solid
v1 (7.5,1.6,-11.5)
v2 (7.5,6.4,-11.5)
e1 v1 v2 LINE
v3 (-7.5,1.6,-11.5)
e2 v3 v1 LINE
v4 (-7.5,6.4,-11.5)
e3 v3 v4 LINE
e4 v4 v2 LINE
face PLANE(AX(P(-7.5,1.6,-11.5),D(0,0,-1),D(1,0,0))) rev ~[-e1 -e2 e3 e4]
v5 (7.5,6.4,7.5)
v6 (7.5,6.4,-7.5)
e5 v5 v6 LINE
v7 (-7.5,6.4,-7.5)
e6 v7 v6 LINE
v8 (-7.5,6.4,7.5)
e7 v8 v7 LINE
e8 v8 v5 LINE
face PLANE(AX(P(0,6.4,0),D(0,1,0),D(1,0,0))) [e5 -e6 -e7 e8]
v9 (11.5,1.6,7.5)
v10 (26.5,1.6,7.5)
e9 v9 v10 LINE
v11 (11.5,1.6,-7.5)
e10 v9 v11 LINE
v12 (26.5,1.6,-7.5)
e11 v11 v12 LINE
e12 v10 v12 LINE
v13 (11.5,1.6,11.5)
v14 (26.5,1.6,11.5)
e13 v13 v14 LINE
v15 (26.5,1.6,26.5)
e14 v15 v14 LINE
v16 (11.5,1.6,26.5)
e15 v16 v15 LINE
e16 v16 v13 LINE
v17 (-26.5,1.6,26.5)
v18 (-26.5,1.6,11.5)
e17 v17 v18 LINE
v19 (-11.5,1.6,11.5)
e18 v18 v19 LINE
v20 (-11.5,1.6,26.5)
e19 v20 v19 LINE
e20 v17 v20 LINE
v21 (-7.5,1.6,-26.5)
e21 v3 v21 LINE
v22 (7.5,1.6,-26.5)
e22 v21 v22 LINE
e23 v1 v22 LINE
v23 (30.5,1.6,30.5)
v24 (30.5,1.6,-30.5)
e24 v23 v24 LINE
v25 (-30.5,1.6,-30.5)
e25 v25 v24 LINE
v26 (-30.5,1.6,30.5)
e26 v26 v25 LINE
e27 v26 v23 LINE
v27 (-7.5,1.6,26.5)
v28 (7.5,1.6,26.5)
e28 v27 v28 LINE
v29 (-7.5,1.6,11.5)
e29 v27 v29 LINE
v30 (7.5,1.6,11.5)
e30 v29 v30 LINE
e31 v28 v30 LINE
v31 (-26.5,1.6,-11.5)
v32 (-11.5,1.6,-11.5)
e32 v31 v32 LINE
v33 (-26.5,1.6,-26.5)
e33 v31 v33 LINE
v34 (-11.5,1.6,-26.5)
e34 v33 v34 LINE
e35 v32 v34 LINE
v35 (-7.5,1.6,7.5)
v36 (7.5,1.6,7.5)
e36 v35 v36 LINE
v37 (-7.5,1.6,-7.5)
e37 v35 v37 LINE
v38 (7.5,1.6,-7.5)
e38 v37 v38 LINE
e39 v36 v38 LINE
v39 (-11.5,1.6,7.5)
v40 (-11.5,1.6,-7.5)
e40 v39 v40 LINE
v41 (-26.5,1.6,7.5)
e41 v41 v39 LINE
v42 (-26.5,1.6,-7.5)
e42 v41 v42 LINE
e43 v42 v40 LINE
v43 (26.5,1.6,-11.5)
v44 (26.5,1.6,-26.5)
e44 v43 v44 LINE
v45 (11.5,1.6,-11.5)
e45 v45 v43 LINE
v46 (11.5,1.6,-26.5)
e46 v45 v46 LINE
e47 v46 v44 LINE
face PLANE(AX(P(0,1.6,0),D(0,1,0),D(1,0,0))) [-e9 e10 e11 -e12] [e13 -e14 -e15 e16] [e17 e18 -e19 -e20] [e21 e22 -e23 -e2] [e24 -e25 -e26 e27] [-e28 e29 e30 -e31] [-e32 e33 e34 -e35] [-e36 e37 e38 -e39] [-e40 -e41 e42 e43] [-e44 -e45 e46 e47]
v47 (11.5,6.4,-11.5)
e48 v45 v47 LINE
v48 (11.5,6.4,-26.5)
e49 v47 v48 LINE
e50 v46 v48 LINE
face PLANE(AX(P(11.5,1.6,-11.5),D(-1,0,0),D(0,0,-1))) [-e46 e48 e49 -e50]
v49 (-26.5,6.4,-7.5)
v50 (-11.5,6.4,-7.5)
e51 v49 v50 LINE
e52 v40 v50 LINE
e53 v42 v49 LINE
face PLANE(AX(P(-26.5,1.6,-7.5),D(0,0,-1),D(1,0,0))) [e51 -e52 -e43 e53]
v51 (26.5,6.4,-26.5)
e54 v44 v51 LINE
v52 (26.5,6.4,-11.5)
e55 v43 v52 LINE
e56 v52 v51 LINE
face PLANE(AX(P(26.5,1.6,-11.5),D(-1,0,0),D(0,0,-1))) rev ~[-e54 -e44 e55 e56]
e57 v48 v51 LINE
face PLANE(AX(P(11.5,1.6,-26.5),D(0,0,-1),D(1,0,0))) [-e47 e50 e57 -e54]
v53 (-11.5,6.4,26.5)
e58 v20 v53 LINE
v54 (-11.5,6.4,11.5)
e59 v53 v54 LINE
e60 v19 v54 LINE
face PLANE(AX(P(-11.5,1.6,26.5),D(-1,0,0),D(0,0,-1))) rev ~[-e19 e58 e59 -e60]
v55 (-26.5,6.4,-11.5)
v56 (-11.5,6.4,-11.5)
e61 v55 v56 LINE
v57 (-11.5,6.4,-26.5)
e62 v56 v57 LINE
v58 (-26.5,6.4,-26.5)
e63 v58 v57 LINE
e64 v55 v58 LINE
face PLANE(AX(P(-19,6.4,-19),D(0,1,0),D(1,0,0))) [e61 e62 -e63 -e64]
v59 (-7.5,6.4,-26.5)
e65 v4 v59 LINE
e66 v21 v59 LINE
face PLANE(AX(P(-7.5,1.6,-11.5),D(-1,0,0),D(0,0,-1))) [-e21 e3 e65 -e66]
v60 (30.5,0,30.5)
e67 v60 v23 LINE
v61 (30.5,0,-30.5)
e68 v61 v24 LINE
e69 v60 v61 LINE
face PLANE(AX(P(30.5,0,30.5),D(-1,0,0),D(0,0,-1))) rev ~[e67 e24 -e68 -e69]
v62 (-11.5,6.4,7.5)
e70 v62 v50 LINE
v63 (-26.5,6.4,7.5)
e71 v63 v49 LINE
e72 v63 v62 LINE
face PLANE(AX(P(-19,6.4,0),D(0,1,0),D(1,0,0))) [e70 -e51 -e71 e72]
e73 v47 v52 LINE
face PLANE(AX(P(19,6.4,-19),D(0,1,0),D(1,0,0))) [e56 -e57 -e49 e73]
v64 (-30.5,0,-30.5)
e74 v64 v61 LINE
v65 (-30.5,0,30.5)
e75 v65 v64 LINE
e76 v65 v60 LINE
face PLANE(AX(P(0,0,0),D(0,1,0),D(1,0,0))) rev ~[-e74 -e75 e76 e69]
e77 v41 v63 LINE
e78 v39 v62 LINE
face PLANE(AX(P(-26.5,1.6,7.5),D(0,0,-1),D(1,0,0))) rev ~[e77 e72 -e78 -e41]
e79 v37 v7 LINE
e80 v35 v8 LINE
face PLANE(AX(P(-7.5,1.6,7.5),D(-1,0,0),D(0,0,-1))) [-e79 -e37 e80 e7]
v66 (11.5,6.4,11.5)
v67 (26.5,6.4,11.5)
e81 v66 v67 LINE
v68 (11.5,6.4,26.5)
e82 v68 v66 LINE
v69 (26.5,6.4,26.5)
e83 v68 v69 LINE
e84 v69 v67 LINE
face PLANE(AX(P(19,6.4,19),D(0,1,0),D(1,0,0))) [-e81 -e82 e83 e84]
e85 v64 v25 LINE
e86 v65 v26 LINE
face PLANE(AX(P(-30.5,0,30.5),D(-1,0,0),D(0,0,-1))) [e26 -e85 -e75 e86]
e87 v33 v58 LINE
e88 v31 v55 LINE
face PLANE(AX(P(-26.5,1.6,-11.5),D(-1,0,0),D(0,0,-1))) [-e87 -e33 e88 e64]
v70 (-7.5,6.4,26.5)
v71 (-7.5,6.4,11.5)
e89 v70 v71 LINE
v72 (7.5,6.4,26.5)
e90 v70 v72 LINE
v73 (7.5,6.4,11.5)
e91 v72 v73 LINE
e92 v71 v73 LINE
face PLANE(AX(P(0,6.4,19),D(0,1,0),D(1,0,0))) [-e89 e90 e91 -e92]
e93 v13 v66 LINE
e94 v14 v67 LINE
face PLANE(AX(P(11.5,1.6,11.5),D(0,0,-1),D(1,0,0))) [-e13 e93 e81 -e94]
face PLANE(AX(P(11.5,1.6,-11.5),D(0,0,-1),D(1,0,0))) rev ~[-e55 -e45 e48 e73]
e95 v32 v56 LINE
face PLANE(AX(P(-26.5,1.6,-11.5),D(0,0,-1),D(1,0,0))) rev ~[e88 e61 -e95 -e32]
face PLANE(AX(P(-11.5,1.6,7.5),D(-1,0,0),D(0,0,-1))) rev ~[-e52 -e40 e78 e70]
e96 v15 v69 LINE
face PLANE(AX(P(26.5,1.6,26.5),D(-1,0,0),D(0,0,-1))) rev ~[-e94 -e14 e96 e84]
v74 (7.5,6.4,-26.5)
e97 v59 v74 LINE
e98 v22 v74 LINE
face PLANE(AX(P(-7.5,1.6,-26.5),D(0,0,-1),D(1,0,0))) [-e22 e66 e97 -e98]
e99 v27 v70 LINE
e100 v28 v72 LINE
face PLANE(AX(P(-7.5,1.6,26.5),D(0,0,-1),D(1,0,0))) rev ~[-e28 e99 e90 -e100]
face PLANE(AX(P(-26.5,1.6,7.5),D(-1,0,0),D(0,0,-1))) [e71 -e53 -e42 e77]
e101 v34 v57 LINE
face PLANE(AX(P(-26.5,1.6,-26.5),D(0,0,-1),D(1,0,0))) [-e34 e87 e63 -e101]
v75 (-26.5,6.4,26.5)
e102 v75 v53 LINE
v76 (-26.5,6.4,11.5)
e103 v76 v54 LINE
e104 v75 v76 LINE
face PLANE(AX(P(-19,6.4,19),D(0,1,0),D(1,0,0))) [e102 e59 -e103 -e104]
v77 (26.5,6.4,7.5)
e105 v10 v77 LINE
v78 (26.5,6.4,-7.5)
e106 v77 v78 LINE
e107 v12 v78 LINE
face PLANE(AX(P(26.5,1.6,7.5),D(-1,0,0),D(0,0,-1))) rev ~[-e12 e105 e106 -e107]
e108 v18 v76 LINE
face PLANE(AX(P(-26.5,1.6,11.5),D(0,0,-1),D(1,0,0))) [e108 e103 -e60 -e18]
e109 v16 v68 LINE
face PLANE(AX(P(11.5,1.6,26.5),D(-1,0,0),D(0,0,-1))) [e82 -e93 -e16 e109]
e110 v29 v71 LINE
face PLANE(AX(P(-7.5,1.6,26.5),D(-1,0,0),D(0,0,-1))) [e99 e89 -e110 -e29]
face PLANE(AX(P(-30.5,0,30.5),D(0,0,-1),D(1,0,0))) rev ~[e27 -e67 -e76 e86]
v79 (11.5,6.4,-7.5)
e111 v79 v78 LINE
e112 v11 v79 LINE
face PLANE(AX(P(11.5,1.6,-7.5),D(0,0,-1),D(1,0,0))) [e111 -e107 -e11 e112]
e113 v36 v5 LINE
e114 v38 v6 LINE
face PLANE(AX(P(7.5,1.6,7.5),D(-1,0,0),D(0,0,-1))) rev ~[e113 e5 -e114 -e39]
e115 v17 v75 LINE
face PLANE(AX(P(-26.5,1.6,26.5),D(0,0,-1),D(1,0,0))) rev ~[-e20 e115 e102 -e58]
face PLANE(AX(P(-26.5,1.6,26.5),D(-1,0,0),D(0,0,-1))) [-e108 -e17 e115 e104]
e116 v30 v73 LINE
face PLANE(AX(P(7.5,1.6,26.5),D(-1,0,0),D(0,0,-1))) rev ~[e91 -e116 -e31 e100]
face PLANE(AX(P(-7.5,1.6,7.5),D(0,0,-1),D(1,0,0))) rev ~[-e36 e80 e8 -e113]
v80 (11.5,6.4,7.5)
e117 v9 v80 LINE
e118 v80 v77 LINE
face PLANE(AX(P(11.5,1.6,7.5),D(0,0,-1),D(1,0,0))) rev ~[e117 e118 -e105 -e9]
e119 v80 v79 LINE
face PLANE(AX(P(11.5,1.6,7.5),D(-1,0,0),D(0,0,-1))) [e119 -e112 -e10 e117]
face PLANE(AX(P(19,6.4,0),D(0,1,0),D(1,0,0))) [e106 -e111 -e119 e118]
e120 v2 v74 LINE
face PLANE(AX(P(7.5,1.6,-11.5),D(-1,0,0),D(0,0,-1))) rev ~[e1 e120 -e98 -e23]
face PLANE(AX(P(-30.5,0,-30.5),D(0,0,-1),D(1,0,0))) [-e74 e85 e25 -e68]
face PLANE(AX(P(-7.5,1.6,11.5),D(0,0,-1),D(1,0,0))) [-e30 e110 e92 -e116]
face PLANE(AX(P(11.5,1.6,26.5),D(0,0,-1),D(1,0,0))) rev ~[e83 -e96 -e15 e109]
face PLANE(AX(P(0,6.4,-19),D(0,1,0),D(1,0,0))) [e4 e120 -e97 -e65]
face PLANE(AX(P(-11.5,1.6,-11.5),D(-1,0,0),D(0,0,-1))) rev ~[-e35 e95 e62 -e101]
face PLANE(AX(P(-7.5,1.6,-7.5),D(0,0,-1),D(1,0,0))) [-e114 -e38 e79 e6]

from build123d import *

# Parameters (mm, degrees)
SKETCH1_W           = 61
SKETCH1_H           = 61
BOSS_EXTRUDE1_DEPTH = 1.6
SKETCH2_W           = 15
SKETCH2_H           = 15
BOSS_EXTRUDE2_DEPTH = 4.8


with BuildPart() as part:
    # Sketch1 → Boss-Extrude1 (new body)
    with BuildSketch(Plane(origin=(0, 0, 0), x_dir=(1, 0, 0), z_dir=(0, 1, 0))):
        Rectangle(SKETCH1_W, SKETCH1_H)
    extrude(amount=BOSS_EXTRUDE1_DEPTH)

    # Sketch2 → Boss-Extrude2 (add)
    with BuildSketch(Plane(origin=(0, 1.6, 0), x_dir=(1, 0, 0), z_dir=(0, 1, 0))):
        with Locations((-19, 19)):
            Rectangle(SKETCH2_W, SKETCH2_H)
        with Locations((0, 19)):
            Rectangle(SKETCH2_W, SKETCH2_H)
        with Locations((19, 19)):
            Rectangle(SKETCH2_W, SKETCH2_H)
        with Locations((19, 0)):
            Rectangle(SKETCH2_W, SKETCH2_H)
        Rectangle(SKETCH2_W, SKETCH2_H)
        with Locations((-19, 0)):
            Rectangle(SKETCH2_W, SKETCH2_H)
        with Locations((-19, -19)):
            Rectangle(SKETCH2_W, SKETCH2_H)
        with Locations((0, -19)):
            Rectangle(SKETCH2_W, SKETCH2_H)
        with Locations((19, -19)):
            Rectangle(SKETCH2_W, SKETCH2_H)
    extrude(amount=BOSS_EXTRUDE2_DEPTH)


solid = part.part
